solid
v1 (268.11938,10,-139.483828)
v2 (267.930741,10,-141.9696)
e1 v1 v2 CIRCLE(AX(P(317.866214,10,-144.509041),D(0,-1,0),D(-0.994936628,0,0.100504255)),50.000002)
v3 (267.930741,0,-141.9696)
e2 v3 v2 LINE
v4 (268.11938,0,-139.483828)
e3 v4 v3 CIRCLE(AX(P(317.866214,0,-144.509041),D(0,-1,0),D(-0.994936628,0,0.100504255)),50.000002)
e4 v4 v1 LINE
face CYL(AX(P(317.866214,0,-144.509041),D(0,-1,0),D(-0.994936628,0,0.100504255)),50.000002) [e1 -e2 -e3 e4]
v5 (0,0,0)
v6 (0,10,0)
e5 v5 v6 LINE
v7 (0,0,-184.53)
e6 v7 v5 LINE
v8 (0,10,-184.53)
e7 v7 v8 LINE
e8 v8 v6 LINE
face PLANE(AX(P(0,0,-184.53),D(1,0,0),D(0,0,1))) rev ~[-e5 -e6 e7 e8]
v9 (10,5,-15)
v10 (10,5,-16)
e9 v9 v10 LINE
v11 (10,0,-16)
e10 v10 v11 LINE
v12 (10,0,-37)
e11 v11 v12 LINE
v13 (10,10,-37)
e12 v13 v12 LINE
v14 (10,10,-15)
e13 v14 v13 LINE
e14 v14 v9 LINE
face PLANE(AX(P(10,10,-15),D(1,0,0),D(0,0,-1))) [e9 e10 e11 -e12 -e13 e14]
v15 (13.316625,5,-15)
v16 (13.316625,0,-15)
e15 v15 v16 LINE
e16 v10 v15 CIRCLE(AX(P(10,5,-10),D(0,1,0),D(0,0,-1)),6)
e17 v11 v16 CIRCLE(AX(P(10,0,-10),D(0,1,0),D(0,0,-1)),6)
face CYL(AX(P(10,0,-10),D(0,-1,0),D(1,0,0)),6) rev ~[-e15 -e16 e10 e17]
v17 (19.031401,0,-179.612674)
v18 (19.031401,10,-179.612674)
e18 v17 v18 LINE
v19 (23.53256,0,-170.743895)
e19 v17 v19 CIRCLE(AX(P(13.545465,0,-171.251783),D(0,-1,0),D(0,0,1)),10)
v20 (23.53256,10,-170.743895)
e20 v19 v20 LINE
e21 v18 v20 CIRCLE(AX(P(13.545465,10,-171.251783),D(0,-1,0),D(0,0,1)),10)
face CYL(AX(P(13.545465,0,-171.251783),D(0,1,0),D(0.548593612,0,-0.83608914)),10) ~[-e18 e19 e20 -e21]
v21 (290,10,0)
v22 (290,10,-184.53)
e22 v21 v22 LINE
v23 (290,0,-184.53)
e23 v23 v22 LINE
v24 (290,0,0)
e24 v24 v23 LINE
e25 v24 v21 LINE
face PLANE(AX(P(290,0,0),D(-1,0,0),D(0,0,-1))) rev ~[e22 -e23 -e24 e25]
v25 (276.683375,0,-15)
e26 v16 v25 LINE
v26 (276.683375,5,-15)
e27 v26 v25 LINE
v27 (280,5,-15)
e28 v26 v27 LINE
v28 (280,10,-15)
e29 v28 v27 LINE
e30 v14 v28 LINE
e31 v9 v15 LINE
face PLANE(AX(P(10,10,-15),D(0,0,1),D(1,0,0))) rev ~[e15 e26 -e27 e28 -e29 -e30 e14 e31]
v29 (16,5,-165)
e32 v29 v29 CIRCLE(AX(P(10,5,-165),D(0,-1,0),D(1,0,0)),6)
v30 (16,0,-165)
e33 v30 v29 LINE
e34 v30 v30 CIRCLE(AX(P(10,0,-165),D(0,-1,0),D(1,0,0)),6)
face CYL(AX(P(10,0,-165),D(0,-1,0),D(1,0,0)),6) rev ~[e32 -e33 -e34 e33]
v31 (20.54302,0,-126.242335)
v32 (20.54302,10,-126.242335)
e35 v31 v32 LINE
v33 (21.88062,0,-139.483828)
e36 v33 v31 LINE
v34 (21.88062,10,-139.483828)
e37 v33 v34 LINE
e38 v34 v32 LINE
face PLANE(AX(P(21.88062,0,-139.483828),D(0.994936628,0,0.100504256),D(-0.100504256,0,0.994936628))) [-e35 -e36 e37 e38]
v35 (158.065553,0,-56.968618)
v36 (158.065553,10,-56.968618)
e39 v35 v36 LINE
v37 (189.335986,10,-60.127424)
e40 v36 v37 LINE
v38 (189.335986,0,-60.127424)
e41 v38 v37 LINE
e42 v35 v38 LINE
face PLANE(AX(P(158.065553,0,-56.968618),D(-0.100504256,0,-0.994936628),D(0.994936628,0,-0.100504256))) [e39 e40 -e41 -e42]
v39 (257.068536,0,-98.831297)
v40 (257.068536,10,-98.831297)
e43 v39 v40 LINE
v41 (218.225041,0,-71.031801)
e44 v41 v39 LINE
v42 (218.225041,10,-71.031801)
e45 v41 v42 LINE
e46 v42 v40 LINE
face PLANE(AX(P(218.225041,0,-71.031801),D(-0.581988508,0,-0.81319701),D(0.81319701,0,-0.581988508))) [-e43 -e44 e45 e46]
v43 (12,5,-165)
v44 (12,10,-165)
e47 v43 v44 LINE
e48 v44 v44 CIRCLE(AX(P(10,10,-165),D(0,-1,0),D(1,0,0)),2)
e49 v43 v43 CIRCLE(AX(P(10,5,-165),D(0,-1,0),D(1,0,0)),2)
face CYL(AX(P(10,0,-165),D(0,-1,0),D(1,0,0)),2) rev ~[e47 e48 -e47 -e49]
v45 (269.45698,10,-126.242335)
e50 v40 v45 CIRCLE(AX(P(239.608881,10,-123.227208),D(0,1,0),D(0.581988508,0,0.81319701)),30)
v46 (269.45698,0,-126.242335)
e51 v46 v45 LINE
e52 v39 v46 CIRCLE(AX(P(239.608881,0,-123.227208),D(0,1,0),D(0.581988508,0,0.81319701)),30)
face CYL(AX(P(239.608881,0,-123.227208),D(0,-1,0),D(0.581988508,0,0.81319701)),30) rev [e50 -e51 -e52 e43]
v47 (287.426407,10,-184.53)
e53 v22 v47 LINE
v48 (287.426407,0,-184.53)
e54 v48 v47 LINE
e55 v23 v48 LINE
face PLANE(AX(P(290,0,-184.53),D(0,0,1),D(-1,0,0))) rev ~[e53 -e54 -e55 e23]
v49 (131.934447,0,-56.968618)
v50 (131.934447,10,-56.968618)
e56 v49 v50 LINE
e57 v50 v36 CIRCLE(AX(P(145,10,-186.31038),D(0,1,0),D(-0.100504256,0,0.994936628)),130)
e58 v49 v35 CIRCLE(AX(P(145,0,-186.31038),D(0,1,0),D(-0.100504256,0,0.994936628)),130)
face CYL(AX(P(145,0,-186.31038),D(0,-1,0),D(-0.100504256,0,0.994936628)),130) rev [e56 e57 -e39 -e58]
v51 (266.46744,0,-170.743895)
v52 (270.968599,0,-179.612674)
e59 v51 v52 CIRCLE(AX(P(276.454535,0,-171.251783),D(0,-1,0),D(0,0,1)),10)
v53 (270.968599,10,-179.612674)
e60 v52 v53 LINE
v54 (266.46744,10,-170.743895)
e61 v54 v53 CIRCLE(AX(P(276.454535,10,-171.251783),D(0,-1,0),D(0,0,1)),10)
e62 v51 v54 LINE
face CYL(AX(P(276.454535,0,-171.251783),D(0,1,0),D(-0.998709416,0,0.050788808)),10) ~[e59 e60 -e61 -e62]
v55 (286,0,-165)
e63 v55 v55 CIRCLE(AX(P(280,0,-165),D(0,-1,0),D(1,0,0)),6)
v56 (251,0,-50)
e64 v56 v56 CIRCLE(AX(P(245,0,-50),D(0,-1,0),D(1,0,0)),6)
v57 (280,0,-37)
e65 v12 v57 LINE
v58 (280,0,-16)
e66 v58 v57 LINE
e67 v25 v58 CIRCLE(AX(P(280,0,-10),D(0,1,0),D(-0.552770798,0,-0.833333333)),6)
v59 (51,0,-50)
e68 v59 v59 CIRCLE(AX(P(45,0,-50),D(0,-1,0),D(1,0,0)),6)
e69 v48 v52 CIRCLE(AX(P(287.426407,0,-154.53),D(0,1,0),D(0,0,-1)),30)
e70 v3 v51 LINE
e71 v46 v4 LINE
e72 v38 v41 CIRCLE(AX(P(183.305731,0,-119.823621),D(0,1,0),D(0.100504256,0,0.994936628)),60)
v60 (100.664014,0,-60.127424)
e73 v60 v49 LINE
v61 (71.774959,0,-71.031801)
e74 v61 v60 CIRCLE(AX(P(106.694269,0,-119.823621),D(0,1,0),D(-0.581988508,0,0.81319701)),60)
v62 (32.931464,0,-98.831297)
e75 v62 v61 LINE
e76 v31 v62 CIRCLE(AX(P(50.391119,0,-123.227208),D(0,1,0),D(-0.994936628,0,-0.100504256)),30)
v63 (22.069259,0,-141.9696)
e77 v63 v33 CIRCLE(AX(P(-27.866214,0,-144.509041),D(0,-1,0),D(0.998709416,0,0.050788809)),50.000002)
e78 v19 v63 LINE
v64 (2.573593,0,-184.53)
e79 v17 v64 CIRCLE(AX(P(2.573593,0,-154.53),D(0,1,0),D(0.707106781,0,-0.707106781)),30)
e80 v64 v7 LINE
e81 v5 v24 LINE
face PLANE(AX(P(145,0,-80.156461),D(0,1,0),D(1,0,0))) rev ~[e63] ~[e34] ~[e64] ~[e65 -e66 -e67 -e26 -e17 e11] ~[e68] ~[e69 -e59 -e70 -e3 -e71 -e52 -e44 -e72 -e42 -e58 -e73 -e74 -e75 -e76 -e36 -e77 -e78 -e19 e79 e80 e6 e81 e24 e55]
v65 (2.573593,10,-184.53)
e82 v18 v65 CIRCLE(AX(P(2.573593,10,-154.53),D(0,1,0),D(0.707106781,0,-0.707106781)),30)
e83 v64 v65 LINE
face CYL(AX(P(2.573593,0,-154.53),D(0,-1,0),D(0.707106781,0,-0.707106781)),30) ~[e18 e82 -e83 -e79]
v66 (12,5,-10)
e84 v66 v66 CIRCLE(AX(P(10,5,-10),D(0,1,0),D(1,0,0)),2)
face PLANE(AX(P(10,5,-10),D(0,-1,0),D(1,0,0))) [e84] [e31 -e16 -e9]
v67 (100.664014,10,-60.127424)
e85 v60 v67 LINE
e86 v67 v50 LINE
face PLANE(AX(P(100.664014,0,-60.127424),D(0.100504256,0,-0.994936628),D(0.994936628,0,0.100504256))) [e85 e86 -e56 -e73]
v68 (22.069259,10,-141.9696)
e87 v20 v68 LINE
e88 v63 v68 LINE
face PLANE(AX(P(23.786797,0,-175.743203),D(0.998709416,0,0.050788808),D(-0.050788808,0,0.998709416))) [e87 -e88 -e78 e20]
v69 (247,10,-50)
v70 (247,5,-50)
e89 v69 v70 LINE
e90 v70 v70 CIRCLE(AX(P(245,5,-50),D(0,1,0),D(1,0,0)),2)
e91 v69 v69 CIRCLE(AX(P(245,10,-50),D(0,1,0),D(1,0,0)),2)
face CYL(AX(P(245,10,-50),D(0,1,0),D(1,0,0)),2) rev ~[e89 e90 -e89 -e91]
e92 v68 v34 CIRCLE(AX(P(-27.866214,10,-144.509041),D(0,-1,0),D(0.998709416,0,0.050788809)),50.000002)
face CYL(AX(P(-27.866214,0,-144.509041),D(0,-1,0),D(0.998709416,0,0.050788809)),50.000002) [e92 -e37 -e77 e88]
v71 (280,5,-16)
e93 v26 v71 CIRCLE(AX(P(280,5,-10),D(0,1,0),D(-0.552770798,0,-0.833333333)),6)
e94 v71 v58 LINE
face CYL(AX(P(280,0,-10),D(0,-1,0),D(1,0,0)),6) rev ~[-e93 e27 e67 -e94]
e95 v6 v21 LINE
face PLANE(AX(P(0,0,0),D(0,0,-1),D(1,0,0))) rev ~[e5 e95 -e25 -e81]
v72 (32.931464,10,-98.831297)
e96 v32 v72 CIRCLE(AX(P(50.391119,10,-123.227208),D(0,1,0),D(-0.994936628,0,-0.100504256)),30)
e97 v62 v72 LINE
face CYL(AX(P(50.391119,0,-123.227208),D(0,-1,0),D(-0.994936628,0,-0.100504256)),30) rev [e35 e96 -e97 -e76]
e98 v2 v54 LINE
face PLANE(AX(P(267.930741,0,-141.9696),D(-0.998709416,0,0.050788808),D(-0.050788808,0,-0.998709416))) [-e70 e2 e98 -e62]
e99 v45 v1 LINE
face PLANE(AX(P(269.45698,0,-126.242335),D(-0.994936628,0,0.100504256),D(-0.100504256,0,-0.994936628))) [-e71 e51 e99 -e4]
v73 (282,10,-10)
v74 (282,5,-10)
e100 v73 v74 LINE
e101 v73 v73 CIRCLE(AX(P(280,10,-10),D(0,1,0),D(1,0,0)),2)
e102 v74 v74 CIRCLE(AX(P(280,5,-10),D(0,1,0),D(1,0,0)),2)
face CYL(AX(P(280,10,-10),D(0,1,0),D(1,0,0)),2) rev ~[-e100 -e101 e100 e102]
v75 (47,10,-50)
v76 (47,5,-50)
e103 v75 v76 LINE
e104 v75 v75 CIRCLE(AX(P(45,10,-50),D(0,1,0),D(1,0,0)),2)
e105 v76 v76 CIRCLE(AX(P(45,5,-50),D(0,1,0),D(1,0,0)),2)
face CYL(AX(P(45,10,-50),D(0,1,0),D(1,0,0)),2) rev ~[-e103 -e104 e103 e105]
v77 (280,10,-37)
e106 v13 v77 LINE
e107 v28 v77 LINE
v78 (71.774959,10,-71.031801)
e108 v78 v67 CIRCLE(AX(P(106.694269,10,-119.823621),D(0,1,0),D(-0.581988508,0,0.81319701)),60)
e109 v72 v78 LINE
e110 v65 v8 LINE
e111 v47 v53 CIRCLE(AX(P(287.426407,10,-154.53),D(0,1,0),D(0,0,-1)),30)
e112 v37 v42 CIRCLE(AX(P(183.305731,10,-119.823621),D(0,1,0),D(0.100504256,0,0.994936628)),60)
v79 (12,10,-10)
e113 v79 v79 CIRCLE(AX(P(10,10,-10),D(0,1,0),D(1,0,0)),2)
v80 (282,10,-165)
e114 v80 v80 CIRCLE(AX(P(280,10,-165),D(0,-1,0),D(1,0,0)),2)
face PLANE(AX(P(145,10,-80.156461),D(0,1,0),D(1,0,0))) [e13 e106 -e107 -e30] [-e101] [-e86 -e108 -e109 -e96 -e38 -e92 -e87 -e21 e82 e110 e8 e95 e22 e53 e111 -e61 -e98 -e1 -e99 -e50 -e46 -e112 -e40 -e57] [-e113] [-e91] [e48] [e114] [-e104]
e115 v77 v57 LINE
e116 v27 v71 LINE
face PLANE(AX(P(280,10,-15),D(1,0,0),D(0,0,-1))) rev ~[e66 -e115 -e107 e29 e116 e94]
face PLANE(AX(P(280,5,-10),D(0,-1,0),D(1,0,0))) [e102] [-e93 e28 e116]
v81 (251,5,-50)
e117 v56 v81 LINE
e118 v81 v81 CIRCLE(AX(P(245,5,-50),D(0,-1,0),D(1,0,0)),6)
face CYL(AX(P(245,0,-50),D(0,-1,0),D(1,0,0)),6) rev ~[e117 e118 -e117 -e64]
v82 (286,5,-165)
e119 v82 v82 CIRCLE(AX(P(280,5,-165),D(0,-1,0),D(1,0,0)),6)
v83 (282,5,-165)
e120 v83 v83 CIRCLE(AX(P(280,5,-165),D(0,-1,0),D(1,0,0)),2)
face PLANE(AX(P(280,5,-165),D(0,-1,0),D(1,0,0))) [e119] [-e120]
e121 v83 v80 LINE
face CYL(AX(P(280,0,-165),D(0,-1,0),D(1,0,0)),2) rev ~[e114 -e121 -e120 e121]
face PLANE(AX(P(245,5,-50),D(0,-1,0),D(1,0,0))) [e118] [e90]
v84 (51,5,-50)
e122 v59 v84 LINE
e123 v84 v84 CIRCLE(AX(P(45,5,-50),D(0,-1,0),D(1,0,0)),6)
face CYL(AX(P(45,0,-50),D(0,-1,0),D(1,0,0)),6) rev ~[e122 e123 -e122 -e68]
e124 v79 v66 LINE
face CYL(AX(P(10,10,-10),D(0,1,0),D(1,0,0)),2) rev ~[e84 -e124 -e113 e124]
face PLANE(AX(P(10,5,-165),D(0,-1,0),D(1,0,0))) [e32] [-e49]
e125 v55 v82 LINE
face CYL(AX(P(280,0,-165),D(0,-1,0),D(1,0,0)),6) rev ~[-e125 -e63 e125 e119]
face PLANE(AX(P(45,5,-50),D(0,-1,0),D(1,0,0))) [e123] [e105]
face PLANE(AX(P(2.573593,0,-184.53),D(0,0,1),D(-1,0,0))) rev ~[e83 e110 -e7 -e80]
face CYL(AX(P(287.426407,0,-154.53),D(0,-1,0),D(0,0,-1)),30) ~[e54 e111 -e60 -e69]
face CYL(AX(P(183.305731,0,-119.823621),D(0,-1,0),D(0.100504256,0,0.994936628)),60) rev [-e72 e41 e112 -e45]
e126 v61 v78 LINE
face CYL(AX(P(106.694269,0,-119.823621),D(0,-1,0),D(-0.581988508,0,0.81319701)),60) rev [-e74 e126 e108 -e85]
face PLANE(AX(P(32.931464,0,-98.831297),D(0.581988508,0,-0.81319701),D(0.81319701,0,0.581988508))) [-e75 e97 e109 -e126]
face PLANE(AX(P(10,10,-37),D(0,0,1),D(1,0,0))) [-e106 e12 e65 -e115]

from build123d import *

# Parameters (mm, degrees)
BOSS_EXTRU_1_DEPTH       = 10
ESQUISSE3_R              = 2
ENL_V_MAT_EXTRU_1_DEPTH  = 10
ESQUISSE6_W              = 270
ESQUISSE6_H              = 22
ENL_V_MAT_EXTRU_4_DEPTH  = 10
ESQUISSE9_R              = 2
ENL_V_MAT_EXTRU_7_DEPTH  = 10
ENL_V_MAT_EXTRU_9_DEPTH  = 10
CONG_5_R                 = 10
ESQUISSE12_R             = 2
ENL_V_MAT_EXTRU_10_DEPTH = 10
ESQUISSE14_R             = 6
ENL_V_MAT_EXTRU_11_DEPTH = 5


with BuildPart() as part:
    # Esquisse2 → Boss.-Extru.1 (new body)
    with BuildSketch(Plane(origin=(0, 0, 0), x_dir=(1, 0, 0), z_dir=(0, 1, 0))):
        with BuildLine():
            Line((0, 0), (290, 0))
            Line((290, 0), (290, 184.53))
            Line((290, 184.53), (287.426406871, 184.53))
            ThreePointArc((287.426406871, 184.53), (275.9459039, 182.246385975), (266.213203436, 175.743203436))
            Line((266.213203436, 175.743203436), (180.47, 90))
            Line((180.47, 90), (109.53, 90))
            Line((109.53, 90), (23.786796564, 175.743203436))
            ThreePointArc((23.786796564, 175.743203436), (14.0540961, 182.246385975), (2.573593129, 184.53))
            Line((2.573593129, 184.53), (0, 184.53))
            Line((0, 184.53), (0, 0))
        make_face()
    extrude(amount=BOSS_EXTRU_1_DEPTH)

    # Esquisse3 → Enlèv. mat.-Extru.1 (cut)
    with BuildSketch(Plane(origin=(0, 10, 0), x_dir=(1, 0, 0), z_dir=(0, 1, 0))):
        with Locations((10, 10)):
            Circle(ESQUISSE3_R)
        with Locations((280, 10)):
            Circle(ESQUISSE3_R)
    extrude(amount=-ENL_V_MAT_EXTRU_1_DEPTH, mode=Mode.SUBTRACT)

    # Esquisse6 → Enlèv. mat.-Extru.4 (cut)
    with BuildSketch(Plane(origin=(0, 10, 0), x_dir=(1, 0, 0), z_dir=(0, 1, 0))):
        with Locations((145, 26)):
            Rectangle(ESQUISSE6_W, ESQUISSE6_H)
    extrude(amount=-ENL_V_MAT_EXTRU_4_DEPTH, mode=Mode.SUBTRACT)

    # Esquisse9 → Enlèv. mat.-Extru.7 (cut)
    with BuildSketch(Plane(origin=(0, 10, 0), x_dir=(1, 0, 0), z_dir=(0, 1, 0))):
        with Locations((45, 50)):
            Circle(ESQUISSE9_R)
        with Locations((245, 50)):
            Circle(ESQUISSE9_R)
    extrude(amount=-ENL_V_MAT_EXTRU_7_DEPTH, mode=Mode.SUBTRACT)

    # Esquisse11 → Enlèv. mat.-Extru.9 (cut)
    with BuildSketch(Plane.XZ):
        with BuildLine():
            Line((23.786796564, -175.743203436), (22.069258887, -141.969600166))
            ThreePointArc((22.069258887, -141.969600166), (21.990433689, -140.725538115), (21.88061952, -139.483827743))
            Line((21.88061952, -139.483827743), (20.54302042, -126.242335439))
            ThreePointArc((20.54302042, -126.242335439), (23.053468491, -110.871931551), (32.931464028, -98.831297457))
            Line((32.931464028, -98.831297457), (71.774958897, -71.031800705))
            ThreePointArc((71.774958897, -71.031800705), (85.505992048, -63.689345624), (100.664013996, -60.127423581))
            Line((100.664013996, -60.127423581), (131.934446663, -56.968617789))
            ThreePointArc((131.934446663, -56.968617789), (145, -56.310379475), (158.065553337, -56.968617789))
            Line((158.065553337, -56.968617789), (189.335986004, -60.127423581))
            ThreePointArc((189.335986004, -60.127423581), (204.494007952, -63.689345624), (218.225041103, -71.031800705))
            Line((218.225041103, -71.031800705), (257.068535972, -98.831297457))
            ThreePointArc((257.068535972, -98.831297457), (266.946531509, -110.871931551), (269.45697958, -126.242335439))
            Line((269.45697958, -126.242335439), (268.11938048, -139.483827743))
            ThreePointArc((268.11938048, -139.483827743), (268.009566311, -140.725538115), (267.930741113, -141.969600166))
            Line((267.930741113, -141.969600166), (266.213203436, -175.743203436))
            Line((266.213203436, -175.743203436), (23.786796564, -175.743203436))
        make_face()
    extrude(amount=-ENL_V_MAT_EXTRU_9_DEPTH, mode=Mode.SUBTRACT)

    # Congé5
    cong_5_edges = [part.edges().sort_by_distance(p)[0] for p in [
        (23.786796564, 5, -175.743203436),
        (266.213203436, 5, -175.743203436),
    ]]
    fillet(cong_5_edges, radius=CONG_5_R)

    # Esquisse12 → Enlèv. mat.-Extru.10 (cut)
    with BuildSketch(Plane.XZ):
        with Locations((10, -165)):
            Circle(ESQUISSE12_R)
        with Locations((280, -165)):
            Circle(ESQUISSE12_R)
    extrude(amount=-ENL_V_MAT_EXTRU_10_DEPTH, mode=Mode.SUBTRACT)

    # Esquisse14 → Enlèv. mat.-Extru.11 (cut)
    with BuildSketch(Plane.XZ):
        with Locations((10, -10)):
            Circle(ESQUISSE14_R)
        with Locations((45, -50)):
            Circle(ESQUISSE14_R)
        with Locations((10, -165)):
            Circle(ESQUISSE14_R)
        with Locations((280, -165)):
            Circle(ESQUISSE14_R)
        with Locations((245, -50)):
            Circle(ESQUISSE14_R)
        with Locations((280, -10)):
            Circle(ESQUISSE14_R)
    extrude(amount=-ENL_V_MAT_EXTRU_11_DEPTH, mode=Mode.SUBTRACT)


solid = part.part
